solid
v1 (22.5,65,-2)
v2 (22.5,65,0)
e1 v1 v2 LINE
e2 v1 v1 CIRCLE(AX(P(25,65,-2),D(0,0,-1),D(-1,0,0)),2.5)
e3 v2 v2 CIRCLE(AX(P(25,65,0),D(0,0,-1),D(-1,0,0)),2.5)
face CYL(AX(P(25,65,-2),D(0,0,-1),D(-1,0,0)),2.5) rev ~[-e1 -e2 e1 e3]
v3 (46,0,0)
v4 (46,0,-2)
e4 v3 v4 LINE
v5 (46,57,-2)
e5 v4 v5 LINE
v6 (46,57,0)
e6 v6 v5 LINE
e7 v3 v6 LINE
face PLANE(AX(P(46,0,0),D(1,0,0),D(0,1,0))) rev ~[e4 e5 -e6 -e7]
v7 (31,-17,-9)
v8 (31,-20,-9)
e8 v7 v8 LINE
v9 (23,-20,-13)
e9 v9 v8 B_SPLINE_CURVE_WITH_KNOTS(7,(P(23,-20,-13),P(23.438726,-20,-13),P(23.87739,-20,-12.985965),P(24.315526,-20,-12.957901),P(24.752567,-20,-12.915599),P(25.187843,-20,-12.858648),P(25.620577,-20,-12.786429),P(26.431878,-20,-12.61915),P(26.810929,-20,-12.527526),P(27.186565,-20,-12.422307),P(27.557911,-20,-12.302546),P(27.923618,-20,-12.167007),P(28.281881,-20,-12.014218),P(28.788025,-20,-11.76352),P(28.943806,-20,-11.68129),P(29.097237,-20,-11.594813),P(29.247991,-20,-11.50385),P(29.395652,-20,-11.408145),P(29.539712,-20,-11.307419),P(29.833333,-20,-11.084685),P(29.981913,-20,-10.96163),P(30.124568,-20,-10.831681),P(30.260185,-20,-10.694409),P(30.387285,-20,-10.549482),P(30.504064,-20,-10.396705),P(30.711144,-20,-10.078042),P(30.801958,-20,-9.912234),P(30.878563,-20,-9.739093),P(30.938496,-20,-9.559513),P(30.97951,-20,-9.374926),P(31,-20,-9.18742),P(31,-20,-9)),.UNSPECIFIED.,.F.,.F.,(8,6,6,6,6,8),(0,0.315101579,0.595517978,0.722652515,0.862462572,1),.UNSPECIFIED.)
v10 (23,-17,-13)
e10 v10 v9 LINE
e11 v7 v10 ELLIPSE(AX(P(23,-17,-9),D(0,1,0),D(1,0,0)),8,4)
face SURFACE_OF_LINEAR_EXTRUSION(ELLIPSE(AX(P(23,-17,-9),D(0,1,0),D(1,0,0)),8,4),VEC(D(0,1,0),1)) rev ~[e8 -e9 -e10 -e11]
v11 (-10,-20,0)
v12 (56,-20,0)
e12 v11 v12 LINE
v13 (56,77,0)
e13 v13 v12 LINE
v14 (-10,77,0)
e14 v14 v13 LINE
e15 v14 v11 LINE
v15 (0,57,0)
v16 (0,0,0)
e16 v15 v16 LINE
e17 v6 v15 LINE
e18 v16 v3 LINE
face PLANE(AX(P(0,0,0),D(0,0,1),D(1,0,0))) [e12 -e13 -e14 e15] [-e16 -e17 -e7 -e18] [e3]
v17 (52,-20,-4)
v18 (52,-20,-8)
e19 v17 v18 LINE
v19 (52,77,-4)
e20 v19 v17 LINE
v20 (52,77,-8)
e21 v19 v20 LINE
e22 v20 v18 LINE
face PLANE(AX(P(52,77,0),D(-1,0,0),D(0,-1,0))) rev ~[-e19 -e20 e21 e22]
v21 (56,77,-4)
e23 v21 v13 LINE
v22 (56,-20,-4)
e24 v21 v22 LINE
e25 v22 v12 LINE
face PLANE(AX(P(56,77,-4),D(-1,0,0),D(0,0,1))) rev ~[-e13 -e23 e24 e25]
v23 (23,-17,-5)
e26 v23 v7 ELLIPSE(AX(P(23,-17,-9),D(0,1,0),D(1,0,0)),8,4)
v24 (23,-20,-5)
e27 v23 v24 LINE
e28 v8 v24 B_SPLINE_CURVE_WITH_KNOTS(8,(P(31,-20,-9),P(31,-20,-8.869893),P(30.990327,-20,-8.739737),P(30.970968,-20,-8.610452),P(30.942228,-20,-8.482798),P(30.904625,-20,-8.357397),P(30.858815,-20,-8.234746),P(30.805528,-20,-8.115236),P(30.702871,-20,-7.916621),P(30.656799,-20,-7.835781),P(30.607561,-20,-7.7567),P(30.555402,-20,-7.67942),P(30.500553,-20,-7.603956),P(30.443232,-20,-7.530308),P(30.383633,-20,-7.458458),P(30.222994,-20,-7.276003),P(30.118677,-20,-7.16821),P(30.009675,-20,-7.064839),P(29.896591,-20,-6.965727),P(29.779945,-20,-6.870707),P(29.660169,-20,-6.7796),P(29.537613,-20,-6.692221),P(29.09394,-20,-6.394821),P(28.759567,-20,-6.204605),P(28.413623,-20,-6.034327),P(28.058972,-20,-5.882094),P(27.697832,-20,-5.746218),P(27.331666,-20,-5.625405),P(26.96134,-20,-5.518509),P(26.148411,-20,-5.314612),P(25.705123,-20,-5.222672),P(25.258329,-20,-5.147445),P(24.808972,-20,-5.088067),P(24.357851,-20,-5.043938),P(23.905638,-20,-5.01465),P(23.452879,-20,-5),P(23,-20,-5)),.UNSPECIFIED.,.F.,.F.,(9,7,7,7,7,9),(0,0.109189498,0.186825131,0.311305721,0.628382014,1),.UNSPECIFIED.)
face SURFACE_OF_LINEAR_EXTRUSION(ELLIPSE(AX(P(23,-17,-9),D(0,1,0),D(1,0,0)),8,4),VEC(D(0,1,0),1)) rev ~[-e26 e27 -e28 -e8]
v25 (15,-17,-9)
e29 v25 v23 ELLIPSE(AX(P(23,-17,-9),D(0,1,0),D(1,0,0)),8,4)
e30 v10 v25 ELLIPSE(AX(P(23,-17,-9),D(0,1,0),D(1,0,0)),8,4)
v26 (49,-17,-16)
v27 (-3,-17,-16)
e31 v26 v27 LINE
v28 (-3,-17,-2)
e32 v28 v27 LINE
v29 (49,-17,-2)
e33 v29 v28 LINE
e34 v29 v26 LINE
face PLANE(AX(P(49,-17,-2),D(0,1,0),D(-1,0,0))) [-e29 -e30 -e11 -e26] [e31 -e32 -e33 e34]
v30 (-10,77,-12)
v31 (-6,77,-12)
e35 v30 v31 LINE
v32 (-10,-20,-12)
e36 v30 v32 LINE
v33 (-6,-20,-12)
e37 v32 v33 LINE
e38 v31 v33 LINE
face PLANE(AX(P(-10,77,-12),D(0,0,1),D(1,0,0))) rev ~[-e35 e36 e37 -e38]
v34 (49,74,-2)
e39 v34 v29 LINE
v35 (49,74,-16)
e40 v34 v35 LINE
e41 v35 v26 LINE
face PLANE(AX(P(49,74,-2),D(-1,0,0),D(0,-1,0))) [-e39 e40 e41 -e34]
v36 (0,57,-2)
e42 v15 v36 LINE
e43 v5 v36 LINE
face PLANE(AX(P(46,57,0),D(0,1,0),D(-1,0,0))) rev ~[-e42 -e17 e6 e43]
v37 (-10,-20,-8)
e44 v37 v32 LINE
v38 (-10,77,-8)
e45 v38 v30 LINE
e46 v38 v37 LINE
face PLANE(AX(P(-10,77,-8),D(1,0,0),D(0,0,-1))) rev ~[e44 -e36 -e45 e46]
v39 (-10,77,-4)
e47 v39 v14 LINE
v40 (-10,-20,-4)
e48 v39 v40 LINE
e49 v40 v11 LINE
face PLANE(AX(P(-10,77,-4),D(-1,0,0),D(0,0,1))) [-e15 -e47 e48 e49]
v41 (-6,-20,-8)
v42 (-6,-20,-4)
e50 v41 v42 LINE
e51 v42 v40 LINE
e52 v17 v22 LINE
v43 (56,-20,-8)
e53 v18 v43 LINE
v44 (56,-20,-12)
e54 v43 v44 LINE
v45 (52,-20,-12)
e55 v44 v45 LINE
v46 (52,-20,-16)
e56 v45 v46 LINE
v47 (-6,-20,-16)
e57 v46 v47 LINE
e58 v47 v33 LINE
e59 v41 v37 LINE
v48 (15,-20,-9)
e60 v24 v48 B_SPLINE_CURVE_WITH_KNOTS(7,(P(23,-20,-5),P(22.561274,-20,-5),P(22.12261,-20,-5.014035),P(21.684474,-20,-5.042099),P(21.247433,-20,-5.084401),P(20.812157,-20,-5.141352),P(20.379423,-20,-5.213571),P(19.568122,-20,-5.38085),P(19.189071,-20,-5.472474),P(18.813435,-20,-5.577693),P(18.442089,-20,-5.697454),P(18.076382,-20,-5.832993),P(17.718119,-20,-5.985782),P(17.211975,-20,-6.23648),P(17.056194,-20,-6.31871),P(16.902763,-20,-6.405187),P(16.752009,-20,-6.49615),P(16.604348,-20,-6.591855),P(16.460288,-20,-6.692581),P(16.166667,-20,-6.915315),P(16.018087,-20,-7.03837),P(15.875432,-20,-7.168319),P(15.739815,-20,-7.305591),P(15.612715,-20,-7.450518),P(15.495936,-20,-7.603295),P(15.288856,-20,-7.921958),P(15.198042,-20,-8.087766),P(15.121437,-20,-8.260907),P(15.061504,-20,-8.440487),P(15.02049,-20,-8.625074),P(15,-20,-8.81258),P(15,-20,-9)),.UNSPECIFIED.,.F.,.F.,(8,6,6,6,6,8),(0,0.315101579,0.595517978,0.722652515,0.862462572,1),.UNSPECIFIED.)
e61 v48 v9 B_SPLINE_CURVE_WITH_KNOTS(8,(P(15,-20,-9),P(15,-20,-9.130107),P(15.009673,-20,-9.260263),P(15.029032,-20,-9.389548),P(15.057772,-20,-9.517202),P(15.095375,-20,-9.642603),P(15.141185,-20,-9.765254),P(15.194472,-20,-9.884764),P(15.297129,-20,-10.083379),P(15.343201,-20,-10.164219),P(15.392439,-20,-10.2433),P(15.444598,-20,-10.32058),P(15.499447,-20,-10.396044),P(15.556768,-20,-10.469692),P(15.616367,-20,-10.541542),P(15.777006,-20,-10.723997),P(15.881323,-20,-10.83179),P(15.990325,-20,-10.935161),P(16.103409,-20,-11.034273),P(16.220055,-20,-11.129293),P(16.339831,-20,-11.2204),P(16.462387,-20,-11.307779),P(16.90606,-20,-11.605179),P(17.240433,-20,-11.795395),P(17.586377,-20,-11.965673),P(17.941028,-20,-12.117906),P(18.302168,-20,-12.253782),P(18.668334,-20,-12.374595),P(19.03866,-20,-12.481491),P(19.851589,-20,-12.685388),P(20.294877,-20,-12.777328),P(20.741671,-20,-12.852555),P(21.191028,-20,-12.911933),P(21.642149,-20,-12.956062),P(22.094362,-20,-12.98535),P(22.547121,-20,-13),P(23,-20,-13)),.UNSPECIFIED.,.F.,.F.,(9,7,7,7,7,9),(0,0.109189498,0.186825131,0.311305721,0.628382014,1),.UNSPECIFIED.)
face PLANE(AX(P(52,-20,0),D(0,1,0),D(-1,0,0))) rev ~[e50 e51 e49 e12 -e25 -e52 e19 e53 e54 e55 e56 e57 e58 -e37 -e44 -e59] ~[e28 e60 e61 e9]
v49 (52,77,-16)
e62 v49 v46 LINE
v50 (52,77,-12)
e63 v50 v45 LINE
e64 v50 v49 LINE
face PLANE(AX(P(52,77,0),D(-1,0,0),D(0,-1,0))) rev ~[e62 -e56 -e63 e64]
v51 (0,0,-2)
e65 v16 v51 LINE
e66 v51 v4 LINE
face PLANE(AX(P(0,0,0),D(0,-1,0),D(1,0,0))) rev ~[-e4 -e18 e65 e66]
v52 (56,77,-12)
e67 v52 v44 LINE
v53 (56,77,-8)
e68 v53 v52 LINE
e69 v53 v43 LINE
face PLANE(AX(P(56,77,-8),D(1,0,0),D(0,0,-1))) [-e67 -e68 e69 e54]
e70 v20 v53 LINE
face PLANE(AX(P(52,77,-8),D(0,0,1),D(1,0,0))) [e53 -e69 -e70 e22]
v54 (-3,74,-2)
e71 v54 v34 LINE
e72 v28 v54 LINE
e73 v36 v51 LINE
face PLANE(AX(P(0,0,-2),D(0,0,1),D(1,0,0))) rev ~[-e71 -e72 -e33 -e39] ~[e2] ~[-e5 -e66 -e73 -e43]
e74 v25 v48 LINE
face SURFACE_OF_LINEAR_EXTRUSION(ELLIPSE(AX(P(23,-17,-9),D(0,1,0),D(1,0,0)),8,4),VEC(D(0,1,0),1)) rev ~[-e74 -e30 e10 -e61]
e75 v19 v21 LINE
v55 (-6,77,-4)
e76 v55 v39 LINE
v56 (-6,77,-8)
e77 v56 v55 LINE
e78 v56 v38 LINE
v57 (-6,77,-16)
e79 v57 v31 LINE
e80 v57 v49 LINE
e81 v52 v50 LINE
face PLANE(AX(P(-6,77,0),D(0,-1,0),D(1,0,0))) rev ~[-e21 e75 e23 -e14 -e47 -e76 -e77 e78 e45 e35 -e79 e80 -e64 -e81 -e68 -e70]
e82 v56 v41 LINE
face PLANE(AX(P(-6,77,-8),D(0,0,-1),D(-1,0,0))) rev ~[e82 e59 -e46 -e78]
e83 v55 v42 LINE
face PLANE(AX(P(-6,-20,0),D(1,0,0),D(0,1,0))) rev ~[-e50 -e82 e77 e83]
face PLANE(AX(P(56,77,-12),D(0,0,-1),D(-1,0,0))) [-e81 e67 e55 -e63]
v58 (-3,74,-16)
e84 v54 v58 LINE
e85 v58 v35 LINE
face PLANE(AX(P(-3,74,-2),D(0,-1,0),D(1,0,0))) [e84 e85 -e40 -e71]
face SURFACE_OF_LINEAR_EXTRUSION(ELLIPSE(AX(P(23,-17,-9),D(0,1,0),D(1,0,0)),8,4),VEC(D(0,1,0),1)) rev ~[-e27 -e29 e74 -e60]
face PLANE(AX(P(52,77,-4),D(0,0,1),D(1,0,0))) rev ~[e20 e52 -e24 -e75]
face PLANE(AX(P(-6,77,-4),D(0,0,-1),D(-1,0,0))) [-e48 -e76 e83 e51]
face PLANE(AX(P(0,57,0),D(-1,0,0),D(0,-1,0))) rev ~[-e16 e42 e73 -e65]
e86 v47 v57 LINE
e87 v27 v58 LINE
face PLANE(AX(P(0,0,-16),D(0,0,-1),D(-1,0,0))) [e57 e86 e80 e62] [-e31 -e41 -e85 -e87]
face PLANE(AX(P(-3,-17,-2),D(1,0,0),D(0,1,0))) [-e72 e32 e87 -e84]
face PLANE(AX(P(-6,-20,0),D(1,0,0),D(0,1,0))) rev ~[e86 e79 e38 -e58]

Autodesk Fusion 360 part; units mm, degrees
sketch "Boceto1" plane through (0, 0, 0) normal (0, 0, 1) x (1, 0, 0)
  line L0 (0, 0) -> (46, 0)
  line L1 (46, 0) -> (46, 57)
  line L2 (46, 57) -> (0, 57)
  line L3 (0, 57) -> (0, 0)
  line L4 (-6, 77) -> (52, 77)
  line L5 (52, 77) -> (52, -20)
  line L6 (52, -20) -> (-6, -20)
  line L7 (-6, -20) -> (-6, 77)
  dimension "d1" = 46
  dimension "d2" = 57
  dimension "d3" = 58
  dimension "d4" = 97
  dimension "d5" = 6
  dimension "d6" = 20
extrude "Extruir1" add sketch "Boceto1" against normal blind 2
sketch "Boceto2" plane through (0, 0, -2) normal (0, 0, -1) x (-1, 0, 0)
  line L0 (0, 57) -> (0, 0)
  line L1 (0, 0) -> (-46, 0)
  line L2 (-46, 0) -> (-46, 57)
  line L3 (-46, 57) -> (0, 57)
  line L4 (-52, -20) -> (6, -20)
  line L5 (6, -20) -> (6, 77)
  line L6 (6, 77) -> (-52, 77)
  line L7 (-52, 77) -> (-52, -20)
  line L8 (-46, 57) -> (0, 57)
  line L9 (0, 57) -> (0, 0)
  line L10 (0, 0) -> (-46, 0)
  line L11 (-46, 0) -> (-46, 57)
  line L12 (-49, -17) -> (3, -17)
  line L13 (3, -17) -> (3, 74)
  line L14 (3, 74) -> (-49, 74)
  line L15 (-49, 74) -> (-49, -17)
  circle A0 centre (-25, 65) radius 2.5
  dimension "d9" = -3
  dimension "d10" = 5
extrude "Extruir2" add sketch "Boceto2" along normal blind 14 contours L4 L5 L6 L7
sketch "Boceto3" plane through (0, -17, 0) normal (0, 1, 0) x (-1, 0, 0)
  line L0 (3, -2) -> (-49, -2)
  line L1 (-49, -2) -> (-49, -16)
  line L2 (-49, -16) -> (3, -16)
  line L3 (3, -16) -> (3, -2)
  line L4 (-23, -9) -> (-31, -9)
  ellipse E0 centre (-23, -9) end of major axis (-31, -9) minor radius 4
  line L5 (-15, -9) -> (-31, -9)
  line L6 (-23, -5) -> (-23, -13)
  dimension "d14" = 8
extrude "Extruir3" cut sketch "Boceto3" against normal blind 10 contours L4 E0 L5 L6 | E0 L5 L6 | L4 E0 L5 L6 | E0 L5 L6
extrude "Extruir4" cut sketch "Boceto2" against normal blind 10 contours A0
sketch "Boceto4" plane through (0, 77, 0) normal (0, 1, 0) x (-1, 0, 0)
  line L0 (6, 0) -> (-52, 0)
  line L1 (-52, 0) -> (-52, -16)
  line L2 (-52, -16) -> (6, -16)
  line L3 (6, -16) -> (6, 0)
  line L4 (-52, 0) -> (-52, -16)
  line L5 (-52, 0) -> (-56, 0)
  line L6 (-56, 0) -> (-52, 0)
  line L7 (-52, 0) -> (-52, -4)
  line L8 (-52, -4) -> (-56, -4)
  line L9 (-56, -4) -> (-56, 0)
  line L10 (-52, -4) -> (-52, -8)
  line L11 (-52, -8) -> (-56, -8)
  line L12 (-56, -8) -> (-56, -12)
  line L13 (-56, -12) -> (-52, -12)
  line L14 (-52, -12) -> (-52, -8)
  line L15 (-23, 0) -> (-23, -16)
  line L16 (6, -4) -> (10, -4)
  line L17 (6, 0) -> (10, 0)
  line L18 (10, -4) -> (10, 0)
  line L19 (6, -8) -> (10, -8)
  line L20 (10, -8) -> (10, -12)
  line L21 (10, -12) -> (6, -12)
  dimension "d19" = 4
  dimension "d20" = 4
  dimension "d21" = 4
  dimension "d22" = 4
  dimension "d23" = 4
  dimension "d24" = 4
extrude "Extruir5" add sketch "Boceto4" against normal blind 97 contours L3 L16 L17 L18 | L1 L4 L5 L6 L7 L8 L9 | L3 L19 L20 L21 | L1 L4 L11 L12 L13 L14
sketch "Boceto5" plane through (0, 77, 0) normal (0, 1, 0) x (-1, 0, 0)
  line L0 (10, 0) -> (-56, 0)
  line L1 (-56, 0) -> (-56, -4)
  line L2 (-56, -4) -> (-52, -4)
  line L3 (-52, -4) -> (-52, -8)
  line L4 (-52, -8) -> (-56, -8)
  line L5 (-56, -8) -> (-56, -12)
  line L6 (-56, -12) -> (-52, -12)
  line L7 (-52, -12) -> (-52, -16)
  line L8 (-52, -16) -> (6, -16)
  line L9 (6, -16) -> (6, -12)
  line L10 (6, -12) -> (10, -12)
  line L11 (10, -12) -> (10, -8)
  line L12 (10, -8) -> (6, -8)
  line L13 (6, -8) -> (6, -4)
  line L14 (6, -4) -> (10, -4)
  line L15 (10, -4) -> (10, 0)
